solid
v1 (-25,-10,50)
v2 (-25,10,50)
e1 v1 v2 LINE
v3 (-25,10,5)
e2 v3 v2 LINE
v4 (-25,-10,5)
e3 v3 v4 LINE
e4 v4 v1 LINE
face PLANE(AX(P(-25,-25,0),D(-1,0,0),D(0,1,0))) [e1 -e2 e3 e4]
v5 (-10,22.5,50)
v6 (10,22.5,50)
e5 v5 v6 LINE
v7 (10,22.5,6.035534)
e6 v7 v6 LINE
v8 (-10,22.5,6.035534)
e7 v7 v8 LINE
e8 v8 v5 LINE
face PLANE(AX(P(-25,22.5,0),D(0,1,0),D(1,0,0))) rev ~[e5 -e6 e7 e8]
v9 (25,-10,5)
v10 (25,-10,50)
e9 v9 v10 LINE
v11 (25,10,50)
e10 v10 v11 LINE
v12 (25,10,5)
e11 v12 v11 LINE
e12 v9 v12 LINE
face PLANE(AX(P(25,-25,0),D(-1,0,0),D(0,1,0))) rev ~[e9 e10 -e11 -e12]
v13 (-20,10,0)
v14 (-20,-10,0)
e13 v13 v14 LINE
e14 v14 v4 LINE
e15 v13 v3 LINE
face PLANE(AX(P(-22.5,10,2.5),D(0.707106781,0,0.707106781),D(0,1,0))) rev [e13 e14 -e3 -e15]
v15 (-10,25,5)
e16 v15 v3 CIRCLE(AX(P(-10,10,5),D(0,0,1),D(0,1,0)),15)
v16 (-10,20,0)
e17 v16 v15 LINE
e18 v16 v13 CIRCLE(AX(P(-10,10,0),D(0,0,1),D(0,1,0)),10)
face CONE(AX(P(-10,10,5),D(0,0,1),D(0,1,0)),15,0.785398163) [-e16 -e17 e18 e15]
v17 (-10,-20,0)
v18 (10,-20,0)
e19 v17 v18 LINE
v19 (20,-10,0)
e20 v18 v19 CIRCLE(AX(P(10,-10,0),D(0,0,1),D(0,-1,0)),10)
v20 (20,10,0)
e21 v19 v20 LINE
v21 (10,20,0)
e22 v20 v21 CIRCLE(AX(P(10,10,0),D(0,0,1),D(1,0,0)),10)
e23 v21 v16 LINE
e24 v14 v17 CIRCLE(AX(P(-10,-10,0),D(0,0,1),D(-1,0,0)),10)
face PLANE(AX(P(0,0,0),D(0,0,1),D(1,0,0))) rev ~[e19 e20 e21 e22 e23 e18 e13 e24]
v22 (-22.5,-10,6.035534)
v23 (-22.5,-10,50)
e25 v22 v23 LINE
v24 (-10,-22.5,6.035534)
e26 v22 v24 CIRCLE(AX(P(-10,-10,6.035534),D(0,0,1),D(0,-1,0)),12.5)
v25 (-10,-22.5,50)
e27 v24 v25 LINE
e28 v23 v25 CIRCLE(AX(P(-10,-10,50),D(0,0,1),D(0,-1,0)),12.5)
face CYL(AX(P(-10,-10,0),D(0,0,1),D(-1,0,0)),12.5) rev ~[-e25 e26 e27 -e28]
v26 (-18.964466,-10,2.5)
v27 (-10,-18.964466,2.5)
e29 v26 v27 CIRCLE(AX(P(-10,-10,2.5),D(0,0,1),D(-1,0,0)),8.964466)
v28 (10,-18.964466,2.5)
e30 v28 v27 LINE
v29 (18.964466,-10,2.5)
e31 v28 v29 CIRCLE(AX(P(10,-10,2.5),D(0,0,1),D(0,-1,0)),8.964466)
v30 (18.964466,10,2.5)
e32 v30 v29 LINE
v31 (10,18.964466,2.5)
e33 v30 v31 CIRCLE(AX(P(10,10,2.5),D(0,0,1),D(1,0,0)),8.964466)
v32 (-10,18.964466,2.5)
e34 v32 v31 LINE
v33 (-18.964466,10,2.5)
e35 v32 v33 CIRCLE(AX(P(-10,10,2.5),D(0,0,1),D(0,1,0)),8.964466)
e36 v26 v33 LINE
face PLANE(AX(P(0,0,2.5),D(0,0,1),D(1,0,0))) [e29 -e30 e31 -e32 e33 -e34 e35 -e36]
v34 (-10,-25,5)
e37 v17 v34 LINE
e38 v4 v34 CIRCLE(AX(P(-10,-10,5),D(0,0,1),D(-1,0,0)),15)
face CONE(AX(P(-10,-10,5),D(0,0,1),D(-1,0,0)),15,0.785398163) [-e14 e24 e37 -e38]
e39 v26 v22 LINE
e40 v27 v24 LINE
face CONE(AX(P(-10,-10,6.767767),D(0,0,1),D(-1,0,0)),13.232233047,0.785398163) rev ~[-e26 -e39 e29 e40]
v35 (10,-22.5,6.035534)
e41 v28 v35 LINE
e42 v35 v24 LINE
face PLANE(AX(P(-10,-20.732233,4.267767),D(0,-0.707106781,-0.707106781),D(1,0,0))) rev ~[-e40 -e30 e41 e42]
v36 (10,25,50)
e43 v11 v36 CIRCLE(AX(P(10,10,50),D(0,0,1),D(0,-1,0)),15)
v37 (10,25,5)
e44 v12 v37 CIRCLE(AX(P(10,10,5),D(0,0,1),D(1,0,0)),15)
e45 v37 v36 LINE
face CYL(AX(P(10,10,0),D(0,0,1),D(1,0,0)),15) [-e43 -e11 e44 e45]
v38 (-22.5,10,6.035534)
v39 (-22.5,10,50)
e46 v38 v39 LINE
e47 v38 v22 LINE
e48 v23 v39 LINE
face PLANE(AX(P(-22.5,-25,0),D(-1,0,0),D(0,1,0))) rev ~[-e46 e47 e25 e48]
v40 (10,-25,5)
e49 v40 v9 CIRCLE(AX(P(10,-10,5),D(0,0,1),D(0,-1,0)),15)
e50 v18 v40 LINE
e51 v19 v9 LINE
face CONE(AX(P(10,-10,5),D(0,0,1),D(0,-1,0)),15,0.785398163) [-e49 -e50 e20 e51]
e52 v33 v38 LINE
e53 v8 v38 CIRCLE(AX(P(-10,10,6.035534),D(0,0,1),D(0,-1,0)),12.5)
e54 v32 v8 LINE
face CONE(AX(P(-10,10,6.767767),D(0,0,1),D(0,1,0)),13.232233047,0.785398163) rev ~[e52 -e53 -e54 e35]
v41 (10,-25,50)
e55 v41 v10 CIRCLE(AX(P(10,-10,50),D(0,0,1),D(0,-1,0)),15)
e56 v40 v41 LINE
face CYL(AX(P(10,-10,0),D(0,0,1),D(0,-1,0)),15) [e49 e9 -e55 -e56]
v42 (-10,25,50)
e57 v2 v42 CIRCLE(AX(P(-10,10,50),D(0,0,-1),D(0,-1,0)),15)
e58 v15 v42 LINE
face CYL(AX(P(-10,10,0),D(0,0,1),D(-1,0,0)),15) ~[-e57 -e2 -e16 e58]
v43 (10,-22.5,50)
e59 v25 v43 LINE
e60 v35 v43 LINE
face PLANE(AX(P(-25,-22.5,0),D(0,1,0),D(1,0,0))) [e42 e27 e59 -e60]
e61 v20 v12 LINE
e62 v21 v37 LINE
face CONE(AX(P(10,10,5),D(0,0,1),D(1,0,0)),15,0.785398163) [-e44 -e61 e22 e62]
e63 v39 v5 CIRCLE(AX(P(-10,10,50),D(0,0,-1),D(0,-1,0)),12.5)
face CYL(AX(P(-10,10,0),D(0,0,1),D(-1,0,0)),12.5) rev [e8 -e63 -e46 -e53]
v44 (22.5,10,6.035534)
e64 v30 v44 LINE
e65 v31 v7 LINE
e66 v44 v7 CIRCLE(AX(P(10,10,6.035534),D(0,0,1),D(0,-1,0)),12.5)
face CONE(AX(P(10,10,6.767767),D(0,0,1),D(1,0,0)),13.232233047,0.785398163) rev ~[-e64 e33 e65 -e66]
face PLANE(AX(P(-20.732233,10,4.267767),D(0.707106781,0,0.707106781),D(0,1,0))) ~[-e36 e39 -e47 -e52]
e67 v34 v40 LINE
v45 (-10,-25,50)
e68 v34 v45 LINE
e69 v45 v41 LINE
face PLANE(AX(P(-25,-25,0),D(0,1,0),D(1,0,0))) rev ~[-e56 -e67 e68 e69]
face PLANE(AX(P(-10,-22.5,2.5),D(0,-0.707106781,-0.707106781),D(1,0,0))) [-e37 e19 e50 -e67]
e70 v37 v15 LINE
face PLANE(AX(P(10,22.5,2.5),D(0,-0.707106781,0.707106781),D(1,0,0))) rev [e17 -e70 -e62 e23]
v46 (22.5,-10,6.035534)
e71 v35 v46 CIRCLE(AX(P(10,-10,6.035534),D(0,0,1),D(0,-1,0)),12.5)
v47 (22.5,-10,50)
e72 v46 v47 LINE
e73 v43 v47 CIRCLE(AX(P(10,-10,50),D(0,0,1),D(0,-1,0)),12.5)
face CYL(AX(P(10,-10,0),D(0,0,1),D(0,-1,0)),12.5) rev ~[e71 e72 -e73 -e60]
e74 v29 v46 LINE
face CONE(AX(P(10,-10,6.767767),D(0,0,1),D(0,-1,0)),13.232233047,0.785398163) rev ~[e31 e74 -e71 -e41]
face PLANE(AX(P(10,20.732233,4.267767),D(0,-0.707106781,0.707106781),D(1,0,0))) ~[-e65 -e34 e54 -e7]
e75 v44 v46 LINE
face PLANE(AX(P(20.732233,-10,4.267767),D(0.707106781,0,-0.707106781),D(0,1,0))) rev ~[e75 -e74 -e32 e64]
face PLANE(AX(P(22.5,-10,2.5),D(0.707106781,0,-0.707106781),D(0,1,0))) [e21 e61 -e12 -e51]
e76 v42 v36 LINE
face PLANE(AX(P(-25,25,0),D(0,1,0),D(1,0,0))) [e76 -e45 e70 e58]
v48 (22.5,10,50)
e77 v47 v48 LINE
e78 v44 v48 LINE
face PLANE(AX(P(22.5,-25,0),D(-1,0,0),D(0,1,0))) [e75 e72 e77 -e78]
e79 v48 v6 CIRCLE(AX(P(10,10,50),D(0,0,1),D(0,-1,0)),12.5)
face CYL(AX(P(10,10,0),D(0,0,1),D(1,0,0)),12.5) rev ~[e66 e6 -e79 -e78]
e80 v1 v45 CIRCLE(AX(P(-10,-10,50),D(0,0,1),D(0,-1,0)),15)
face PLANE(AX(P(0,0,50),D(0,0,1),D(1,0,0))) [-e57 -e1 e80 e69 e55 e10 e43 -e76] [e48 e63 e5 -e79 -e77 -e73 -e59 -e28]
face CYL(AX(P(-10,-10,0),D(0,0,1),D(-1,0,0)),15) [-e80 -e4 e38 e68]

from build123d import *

# Parameters (mm, degrees)
F0_W     = 50
F0_H     = 50
F1_DEPTH = 50
F2_R     = 15
F3_SIZE  = 5
F4_T     = -2.5


with BuildPart() as f1:
    # F0 (on Top) → F1 (new body)
    with BuildSketch(Plane.XY):
        Rectangle(F0_W, F0_H)
    extrude(amount=F1_DEPTH)

    # F2
    f2_edges = [f1.edges().sort_by_distance(p)[0] for p in [
        (-25, -25, 25),
        (25, -25, 25),
        (25, 25, 25),
        (-25, 25, 25),
    ]]
    fillet(f2_edges, radius=F2_R)

    # F3
    f3_edges = [f1.edges().sort_by_distance(p)[0] for p in [
        (20.606602, 20.606602, 0),
        (20.606602, -20.606602, 0),
        (-20.606602, -20.606602, 0),
        (-20.606602, 20.606602, 0),
    ]]
    chamfer(f3_edges, length=F3_SIZE)

    # F4
    f4_openings = [f1.faces().sort_by_distance(p)[0] for p in [
        (0, 0, 50),
    ]]
    offset(amount=F4_T, openings=f4_openings)


solid = f1.part
